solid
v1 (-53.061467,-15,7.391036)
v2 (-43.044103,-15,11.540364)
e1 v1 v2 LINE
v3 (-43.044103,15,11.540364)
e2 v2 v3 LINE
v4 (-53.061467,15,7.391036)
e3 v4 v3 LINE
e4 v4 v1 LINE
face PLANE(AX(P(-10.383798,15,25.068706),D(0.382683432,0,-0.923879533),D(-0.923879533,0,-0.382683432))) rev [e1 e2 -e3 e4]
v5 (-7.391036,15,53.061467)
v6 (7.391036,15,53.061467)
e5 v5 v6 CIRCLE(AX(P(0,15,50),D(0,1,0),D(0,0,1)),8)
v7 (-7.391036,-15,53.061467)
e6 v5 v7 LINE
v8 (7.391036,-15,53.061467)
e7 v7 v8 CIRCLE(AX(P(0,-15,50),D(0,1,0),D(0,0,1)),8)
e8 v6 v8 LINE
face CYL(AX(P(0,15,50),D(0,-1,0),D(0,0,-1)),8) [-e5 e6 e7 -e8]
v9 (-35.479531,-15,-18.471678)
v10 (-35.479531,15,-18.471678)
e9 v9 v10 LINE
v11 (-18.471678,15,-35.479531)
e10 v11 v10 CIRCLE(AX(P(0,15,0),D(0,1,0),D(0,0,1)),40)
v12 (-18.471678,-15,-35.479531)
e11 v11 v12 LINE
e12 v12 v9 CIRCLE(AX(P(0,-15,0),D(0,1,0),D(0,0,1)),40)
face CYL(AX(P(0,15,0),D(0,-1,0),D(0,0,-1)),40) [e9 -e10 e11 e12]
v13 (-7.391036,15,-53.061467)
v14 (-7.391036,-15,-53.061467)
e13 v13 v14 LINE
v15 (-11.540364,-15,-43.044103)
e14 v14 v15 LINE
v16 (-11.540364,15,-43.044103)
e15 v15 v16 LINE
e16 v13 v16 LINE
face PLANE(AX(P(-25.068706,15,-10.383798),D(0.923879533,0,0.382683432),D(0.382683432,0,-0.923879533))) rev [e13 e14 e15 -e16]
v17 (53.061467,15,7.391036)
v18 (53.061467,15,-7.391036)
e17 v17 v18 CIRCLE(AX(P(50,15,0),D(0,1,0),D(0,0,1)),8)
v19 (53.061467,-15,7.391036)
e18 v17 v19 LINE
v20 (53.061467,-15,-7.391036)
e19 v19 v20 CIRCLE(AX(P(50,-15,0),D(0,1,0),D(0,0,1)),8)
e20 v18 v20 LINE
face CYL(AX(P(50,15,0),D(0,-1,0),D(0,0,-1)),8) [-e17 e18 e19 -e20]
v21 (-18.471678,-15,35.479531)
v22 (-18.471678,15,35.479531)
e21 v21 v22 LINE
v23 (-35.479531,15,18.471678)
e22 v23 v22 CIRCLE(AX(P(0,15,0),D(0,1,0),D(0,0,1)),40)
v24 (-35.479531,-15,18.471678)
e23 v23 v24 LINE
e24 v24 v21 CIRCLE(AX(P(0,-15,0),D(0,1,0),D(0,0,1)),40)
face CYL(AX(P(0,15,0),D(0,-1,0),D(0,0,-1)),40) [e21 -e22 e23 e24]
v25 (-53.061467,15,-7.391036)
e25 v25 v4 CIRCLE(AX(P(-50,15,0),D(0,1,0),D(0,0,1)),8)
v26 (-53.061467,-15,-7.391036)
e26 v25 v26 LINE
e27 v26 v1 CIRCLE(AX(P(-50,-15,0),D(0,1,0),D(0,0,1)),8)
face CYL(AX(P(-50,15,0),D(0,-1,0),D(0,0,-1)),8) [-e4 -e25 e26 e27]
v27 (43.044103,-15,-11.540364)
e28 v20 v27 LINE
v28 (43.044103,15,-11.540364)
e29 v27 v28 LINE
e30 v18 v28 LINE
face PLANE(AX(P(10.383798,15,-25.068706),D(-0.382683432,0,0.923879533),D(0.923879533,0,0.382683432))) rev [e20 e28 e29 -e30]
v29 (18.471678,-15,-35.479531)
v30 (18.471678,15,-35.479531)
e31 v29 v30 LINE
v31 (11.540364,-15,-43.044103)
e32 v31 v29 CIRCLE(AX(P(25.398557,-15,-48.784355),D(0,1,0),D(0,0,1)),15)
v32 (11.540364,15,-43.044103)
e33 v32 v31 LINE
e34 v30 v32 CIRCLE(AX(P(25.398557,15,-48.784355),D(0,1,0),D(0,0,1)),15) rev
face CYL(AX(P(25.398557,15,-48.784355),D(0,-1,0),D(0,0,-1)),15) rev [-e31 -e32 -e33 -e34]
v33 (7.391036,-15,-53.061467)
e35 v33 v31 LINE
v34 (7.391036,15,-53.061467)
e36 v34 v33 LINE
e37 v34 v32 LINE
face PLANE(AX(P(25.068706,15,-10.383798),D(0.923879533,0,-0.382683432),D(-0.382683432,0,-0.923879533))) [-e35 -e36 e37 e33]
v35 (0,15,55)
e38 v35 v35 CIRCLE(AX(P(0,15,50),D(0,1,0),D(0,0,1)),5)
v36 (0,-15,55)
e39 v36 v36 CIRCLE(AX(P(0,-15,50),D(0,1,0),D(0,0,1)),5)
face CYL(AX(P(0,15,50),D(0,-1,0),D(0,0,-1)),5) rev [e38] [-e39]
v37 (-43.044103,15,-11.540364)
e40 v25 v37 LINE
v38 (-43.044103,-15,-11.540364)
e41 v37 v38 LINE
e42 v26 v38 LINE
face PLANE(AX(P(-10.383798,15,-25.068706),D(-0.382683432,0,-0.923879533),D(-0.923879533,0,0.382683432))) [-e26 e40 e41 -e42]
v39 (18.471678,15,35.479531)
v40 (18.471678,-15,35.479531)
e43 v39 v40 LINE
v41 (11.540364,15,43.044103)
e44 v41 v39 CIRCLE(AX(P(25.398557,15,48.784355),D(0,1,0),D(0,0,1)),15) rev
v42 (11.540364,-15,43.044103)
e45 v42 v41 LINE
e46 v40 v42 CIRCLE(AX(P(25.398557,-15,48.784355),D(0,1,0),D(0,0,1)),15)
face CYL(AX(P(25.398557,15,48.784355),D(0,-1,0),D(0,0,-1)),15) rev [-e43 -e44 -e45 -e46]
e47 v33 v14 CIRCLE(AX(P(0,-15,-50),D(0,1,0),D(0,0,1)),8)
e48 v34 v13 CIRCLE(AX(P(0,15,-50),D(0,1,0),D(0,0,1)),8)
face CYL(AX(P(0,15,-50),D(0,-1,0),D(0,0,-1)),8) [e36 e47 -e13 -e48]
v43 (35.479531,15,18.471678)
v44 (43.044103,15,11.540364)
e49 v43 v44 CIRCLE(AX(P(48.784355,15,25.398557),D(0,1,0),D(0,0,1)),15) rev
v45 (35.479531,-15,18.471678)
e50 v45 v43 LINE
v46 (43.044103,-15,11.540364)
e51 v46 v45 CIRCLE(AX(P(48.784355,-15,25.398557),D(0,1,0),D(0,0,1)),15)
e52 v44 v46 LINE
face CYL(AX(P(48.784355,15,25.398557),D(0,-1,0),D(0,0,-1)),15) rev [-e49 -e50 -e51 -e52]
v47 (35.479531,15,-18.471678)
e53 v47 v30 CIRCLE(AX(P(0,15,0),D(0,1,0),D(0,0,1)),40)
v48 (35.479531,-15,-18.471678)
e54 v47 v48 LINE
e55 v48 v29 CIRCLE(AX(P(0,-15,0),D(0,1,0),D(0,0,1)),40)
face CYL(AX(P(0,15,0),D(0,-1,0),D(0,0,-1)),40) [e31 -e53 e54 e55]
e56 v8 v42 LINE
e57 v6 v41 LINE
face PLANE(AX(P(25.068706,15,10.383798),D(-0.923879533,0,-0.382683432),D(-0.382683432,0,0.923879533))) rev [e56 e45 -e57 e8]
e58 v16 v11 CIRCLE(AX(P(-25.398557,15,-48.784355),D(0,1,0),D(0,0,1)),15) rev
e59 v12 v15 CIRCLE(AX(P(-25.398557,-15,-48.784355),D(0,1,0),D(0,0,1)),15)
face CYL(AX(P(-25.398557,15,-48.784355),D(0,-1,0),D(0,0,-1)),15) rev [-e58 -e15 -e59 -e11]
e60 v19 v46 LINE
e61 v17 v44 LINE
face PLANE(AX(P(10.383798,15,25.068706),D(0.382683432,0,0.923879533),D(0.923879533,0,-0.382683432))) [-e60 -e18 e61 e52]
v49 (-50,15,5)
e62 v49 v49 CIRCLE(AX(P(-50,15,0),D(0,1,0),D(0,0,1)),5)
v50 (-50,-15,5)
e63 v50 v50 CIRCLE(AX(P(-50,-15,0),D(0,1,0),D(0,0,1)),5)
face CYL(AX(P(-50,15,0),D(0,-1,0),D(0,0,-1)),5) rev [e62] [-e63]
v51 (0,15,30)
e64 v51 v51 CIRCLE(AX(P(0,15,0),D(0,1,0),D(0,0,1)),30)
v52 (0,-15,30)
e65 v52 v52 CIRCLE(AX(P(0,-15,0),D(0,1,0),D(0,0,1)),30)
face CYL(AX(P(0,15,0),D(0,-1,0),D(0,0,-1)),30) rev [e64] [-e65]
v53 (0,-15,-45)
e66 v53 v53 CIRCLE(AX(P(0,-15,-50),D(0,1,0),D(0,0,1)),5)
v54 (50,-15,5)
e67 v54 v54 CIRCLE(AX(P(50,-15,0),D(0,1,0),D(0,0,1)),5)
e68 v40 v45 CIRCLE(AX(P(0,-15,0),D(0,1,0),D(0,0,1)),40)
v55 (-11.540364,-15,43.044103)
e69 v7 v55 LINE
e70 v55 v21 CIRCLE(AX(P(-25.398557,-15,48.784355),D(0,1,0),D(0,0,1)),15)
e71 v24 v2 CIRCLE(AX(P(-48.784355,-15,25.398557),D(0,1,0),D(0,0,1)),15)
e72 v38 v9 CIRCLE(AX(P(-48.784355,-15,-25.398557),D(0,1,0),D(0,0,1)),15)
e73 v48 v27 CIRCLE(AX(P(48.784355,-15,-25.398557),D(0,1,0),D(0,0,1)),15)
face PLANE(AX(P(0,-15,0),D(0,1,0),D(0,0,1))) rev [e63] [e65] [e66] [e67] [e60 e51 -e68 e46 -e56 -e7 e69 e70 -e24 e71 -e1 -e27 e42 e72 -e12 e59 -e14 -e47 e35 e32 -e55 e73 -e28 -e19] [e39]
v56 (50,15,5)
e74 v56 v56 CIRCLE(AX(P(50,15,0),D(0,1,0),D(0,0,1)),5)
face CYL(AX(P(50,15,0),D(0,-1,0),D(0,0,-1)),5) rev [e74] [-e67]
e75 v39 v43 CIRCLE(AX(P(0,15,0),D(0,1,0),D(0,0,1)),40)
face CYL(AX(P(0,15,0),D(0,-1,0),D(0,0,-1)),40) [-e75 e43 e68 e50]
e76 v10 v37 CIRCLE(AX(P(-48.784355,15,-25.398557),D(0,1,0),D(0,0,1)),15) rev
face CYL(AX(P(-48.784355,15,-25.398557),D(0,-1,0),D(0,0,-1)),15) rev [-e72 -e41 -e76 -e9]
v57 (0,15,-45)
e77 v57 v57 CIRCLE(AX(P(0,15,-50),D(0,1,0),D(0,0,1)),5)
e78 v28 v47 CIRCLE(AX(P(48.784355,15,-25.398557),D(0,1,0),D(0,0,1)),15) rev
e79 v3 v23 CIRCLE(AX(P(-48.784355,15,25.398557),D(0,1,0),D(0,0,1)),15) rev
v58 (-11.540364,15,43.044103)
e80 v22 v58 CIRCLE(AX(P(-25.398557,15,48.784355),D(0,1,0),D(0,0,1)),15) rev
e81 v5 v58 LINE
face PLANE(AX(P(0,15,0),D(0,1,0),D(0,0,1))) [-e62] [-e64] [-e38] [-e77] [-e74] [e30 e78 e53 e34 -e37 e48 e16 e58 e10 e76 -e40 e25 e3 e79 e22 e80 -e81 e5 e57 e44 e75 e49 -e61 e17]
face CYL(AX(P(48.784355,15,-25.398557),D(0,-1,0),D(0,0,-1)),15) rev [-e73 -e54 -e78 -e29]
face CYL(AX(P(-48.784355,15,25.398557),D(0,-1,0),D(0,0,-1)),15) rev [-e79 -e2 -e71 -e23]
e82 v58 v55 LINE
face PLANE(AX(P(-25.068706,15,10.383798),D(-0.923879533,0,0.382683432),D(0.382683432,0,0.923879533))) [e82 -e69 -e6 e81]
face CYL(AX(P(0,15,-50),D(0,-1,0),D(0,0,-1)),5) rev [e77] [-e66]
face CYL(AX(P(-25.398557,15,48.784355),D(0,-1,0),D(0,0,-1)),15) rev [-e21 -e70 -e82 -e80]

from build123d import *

# Parameters (mm, degrees)
SKETCH1_R           = 30
SKETCH1_R_2         = 5
BOSS_EXTRUDE1_DEPTH = 15
FILLET1_R           = 15


with BuildPart() as part:
    # Sketch1 → Boss-Extrude1 (new, symmetric)
    with BuildSketch(Plane(origin=(0, 0, 0), x_dir=(1, 0, 0), z_dir=(0, 1, 0))):
        with BuildLine():
            Line((13.821869985, 37.536061462), (7.39103626, 53.061467459))
            ThreePointArc((7.39103626, 53.061467459), (0, 58), (-7.39103626, 53.061467459))
            Line((-7.39103626, 53.061467459), (-13.821869985, 37.536061462))
            ThreePointArc((-13.821869985, 37.536061462), (-28.284271247, 28.284271247), (-37.536061462, 13.821869985))
            Line((-37.536061462, 13.821869985), (-53.061467459, 7.39103626))
            ThreePointArc((-53.061467459, 7.39103626), (-58, 0), (-53.061467459, -7.39103626))
            Line((-53.061467459, -7.39103626), (-37.536061462, -13.821869985))
            ThreePointArc((-37.536061462, -13.821869985), (-28.284271247, -28.284271247), (-13.821869985, -37.536061462))
            Line((-13.821869985, -37.536061462), (-7.39103626, -53.061467459))
            ThreePointArc((-7.39103626, -53.061467459), (0, -58), (7.39103626, -53.061467459))
            Line((7.39103626, -53.061467459), (13.821869985, -37.536061462))
            ThreePointArc((13.821869985, -37.536061462), (28.284271247, -28.284271247), (37.536061462, -13.821869985))
            Line((37.536061462, -13.821869985), (53.061467459, -7.39103626))
            ThreePointArc((53.061467459, -7.39103626), (58, 0), (53.061467459, 7.39103626))
            Line((53.061467459, 7.39103626), (37.536061462, 13.821869985))
            ThreePointArc((37.536061462, 13.821869985), (28.284271247, 28.284271247), (13.821869985, 37.536061462))
        make_face()
        with Locations(Location((0, 0, 0), (0, 0, 270))):
            Circle(SKETCH1_R, mode=Mode.SUBTRACT)
        with Locations(Location((0, 50, 0), (0, 0, 270))):
            Circle(SKETCH1_R_2, mode=Mode.SUBTRACT)
        with Locations(Location((-50, 0, 0), (0, 0, 270))):
            Circle(SKETCH1_R_2, mode=Mode.SUBTRACT)
        with Locations(Location((50, 0, 0), (0, 0, 270))):
            Circle(SKETCH1_R_2, mode=Mode.SUBTRACT)
        with Locations(Location((0, -50, 0), (0, 0, 270))):
            Circle(SKETCH1_R_2, mode=Mode.SUBTRACT)
    extrude(amount=BOSS_EXTRUDE1_DEPTH, both=True)

    # Fillet1
    fillet1_edges = [part.edges().sort_by_distance(p)[0] for p in [
        (-37.536061462, 0, -13.821869985),
        (-13.821869985, 0, -37.536061462),
        (13.821869985, 0, -37.536061462),
        (37.536061462, 0, -13.821869985),
        (37.536061462, 0, 13.821869985),
        (13.821869985, 0, 37.536061462),
        (-13.821869985, 0, 37.536061462),
        (-37.536061462, 0, 13.821869985),
    ]]
    fillet(fillet1_edges, radius=FILLET1_R)


solid = part.part
